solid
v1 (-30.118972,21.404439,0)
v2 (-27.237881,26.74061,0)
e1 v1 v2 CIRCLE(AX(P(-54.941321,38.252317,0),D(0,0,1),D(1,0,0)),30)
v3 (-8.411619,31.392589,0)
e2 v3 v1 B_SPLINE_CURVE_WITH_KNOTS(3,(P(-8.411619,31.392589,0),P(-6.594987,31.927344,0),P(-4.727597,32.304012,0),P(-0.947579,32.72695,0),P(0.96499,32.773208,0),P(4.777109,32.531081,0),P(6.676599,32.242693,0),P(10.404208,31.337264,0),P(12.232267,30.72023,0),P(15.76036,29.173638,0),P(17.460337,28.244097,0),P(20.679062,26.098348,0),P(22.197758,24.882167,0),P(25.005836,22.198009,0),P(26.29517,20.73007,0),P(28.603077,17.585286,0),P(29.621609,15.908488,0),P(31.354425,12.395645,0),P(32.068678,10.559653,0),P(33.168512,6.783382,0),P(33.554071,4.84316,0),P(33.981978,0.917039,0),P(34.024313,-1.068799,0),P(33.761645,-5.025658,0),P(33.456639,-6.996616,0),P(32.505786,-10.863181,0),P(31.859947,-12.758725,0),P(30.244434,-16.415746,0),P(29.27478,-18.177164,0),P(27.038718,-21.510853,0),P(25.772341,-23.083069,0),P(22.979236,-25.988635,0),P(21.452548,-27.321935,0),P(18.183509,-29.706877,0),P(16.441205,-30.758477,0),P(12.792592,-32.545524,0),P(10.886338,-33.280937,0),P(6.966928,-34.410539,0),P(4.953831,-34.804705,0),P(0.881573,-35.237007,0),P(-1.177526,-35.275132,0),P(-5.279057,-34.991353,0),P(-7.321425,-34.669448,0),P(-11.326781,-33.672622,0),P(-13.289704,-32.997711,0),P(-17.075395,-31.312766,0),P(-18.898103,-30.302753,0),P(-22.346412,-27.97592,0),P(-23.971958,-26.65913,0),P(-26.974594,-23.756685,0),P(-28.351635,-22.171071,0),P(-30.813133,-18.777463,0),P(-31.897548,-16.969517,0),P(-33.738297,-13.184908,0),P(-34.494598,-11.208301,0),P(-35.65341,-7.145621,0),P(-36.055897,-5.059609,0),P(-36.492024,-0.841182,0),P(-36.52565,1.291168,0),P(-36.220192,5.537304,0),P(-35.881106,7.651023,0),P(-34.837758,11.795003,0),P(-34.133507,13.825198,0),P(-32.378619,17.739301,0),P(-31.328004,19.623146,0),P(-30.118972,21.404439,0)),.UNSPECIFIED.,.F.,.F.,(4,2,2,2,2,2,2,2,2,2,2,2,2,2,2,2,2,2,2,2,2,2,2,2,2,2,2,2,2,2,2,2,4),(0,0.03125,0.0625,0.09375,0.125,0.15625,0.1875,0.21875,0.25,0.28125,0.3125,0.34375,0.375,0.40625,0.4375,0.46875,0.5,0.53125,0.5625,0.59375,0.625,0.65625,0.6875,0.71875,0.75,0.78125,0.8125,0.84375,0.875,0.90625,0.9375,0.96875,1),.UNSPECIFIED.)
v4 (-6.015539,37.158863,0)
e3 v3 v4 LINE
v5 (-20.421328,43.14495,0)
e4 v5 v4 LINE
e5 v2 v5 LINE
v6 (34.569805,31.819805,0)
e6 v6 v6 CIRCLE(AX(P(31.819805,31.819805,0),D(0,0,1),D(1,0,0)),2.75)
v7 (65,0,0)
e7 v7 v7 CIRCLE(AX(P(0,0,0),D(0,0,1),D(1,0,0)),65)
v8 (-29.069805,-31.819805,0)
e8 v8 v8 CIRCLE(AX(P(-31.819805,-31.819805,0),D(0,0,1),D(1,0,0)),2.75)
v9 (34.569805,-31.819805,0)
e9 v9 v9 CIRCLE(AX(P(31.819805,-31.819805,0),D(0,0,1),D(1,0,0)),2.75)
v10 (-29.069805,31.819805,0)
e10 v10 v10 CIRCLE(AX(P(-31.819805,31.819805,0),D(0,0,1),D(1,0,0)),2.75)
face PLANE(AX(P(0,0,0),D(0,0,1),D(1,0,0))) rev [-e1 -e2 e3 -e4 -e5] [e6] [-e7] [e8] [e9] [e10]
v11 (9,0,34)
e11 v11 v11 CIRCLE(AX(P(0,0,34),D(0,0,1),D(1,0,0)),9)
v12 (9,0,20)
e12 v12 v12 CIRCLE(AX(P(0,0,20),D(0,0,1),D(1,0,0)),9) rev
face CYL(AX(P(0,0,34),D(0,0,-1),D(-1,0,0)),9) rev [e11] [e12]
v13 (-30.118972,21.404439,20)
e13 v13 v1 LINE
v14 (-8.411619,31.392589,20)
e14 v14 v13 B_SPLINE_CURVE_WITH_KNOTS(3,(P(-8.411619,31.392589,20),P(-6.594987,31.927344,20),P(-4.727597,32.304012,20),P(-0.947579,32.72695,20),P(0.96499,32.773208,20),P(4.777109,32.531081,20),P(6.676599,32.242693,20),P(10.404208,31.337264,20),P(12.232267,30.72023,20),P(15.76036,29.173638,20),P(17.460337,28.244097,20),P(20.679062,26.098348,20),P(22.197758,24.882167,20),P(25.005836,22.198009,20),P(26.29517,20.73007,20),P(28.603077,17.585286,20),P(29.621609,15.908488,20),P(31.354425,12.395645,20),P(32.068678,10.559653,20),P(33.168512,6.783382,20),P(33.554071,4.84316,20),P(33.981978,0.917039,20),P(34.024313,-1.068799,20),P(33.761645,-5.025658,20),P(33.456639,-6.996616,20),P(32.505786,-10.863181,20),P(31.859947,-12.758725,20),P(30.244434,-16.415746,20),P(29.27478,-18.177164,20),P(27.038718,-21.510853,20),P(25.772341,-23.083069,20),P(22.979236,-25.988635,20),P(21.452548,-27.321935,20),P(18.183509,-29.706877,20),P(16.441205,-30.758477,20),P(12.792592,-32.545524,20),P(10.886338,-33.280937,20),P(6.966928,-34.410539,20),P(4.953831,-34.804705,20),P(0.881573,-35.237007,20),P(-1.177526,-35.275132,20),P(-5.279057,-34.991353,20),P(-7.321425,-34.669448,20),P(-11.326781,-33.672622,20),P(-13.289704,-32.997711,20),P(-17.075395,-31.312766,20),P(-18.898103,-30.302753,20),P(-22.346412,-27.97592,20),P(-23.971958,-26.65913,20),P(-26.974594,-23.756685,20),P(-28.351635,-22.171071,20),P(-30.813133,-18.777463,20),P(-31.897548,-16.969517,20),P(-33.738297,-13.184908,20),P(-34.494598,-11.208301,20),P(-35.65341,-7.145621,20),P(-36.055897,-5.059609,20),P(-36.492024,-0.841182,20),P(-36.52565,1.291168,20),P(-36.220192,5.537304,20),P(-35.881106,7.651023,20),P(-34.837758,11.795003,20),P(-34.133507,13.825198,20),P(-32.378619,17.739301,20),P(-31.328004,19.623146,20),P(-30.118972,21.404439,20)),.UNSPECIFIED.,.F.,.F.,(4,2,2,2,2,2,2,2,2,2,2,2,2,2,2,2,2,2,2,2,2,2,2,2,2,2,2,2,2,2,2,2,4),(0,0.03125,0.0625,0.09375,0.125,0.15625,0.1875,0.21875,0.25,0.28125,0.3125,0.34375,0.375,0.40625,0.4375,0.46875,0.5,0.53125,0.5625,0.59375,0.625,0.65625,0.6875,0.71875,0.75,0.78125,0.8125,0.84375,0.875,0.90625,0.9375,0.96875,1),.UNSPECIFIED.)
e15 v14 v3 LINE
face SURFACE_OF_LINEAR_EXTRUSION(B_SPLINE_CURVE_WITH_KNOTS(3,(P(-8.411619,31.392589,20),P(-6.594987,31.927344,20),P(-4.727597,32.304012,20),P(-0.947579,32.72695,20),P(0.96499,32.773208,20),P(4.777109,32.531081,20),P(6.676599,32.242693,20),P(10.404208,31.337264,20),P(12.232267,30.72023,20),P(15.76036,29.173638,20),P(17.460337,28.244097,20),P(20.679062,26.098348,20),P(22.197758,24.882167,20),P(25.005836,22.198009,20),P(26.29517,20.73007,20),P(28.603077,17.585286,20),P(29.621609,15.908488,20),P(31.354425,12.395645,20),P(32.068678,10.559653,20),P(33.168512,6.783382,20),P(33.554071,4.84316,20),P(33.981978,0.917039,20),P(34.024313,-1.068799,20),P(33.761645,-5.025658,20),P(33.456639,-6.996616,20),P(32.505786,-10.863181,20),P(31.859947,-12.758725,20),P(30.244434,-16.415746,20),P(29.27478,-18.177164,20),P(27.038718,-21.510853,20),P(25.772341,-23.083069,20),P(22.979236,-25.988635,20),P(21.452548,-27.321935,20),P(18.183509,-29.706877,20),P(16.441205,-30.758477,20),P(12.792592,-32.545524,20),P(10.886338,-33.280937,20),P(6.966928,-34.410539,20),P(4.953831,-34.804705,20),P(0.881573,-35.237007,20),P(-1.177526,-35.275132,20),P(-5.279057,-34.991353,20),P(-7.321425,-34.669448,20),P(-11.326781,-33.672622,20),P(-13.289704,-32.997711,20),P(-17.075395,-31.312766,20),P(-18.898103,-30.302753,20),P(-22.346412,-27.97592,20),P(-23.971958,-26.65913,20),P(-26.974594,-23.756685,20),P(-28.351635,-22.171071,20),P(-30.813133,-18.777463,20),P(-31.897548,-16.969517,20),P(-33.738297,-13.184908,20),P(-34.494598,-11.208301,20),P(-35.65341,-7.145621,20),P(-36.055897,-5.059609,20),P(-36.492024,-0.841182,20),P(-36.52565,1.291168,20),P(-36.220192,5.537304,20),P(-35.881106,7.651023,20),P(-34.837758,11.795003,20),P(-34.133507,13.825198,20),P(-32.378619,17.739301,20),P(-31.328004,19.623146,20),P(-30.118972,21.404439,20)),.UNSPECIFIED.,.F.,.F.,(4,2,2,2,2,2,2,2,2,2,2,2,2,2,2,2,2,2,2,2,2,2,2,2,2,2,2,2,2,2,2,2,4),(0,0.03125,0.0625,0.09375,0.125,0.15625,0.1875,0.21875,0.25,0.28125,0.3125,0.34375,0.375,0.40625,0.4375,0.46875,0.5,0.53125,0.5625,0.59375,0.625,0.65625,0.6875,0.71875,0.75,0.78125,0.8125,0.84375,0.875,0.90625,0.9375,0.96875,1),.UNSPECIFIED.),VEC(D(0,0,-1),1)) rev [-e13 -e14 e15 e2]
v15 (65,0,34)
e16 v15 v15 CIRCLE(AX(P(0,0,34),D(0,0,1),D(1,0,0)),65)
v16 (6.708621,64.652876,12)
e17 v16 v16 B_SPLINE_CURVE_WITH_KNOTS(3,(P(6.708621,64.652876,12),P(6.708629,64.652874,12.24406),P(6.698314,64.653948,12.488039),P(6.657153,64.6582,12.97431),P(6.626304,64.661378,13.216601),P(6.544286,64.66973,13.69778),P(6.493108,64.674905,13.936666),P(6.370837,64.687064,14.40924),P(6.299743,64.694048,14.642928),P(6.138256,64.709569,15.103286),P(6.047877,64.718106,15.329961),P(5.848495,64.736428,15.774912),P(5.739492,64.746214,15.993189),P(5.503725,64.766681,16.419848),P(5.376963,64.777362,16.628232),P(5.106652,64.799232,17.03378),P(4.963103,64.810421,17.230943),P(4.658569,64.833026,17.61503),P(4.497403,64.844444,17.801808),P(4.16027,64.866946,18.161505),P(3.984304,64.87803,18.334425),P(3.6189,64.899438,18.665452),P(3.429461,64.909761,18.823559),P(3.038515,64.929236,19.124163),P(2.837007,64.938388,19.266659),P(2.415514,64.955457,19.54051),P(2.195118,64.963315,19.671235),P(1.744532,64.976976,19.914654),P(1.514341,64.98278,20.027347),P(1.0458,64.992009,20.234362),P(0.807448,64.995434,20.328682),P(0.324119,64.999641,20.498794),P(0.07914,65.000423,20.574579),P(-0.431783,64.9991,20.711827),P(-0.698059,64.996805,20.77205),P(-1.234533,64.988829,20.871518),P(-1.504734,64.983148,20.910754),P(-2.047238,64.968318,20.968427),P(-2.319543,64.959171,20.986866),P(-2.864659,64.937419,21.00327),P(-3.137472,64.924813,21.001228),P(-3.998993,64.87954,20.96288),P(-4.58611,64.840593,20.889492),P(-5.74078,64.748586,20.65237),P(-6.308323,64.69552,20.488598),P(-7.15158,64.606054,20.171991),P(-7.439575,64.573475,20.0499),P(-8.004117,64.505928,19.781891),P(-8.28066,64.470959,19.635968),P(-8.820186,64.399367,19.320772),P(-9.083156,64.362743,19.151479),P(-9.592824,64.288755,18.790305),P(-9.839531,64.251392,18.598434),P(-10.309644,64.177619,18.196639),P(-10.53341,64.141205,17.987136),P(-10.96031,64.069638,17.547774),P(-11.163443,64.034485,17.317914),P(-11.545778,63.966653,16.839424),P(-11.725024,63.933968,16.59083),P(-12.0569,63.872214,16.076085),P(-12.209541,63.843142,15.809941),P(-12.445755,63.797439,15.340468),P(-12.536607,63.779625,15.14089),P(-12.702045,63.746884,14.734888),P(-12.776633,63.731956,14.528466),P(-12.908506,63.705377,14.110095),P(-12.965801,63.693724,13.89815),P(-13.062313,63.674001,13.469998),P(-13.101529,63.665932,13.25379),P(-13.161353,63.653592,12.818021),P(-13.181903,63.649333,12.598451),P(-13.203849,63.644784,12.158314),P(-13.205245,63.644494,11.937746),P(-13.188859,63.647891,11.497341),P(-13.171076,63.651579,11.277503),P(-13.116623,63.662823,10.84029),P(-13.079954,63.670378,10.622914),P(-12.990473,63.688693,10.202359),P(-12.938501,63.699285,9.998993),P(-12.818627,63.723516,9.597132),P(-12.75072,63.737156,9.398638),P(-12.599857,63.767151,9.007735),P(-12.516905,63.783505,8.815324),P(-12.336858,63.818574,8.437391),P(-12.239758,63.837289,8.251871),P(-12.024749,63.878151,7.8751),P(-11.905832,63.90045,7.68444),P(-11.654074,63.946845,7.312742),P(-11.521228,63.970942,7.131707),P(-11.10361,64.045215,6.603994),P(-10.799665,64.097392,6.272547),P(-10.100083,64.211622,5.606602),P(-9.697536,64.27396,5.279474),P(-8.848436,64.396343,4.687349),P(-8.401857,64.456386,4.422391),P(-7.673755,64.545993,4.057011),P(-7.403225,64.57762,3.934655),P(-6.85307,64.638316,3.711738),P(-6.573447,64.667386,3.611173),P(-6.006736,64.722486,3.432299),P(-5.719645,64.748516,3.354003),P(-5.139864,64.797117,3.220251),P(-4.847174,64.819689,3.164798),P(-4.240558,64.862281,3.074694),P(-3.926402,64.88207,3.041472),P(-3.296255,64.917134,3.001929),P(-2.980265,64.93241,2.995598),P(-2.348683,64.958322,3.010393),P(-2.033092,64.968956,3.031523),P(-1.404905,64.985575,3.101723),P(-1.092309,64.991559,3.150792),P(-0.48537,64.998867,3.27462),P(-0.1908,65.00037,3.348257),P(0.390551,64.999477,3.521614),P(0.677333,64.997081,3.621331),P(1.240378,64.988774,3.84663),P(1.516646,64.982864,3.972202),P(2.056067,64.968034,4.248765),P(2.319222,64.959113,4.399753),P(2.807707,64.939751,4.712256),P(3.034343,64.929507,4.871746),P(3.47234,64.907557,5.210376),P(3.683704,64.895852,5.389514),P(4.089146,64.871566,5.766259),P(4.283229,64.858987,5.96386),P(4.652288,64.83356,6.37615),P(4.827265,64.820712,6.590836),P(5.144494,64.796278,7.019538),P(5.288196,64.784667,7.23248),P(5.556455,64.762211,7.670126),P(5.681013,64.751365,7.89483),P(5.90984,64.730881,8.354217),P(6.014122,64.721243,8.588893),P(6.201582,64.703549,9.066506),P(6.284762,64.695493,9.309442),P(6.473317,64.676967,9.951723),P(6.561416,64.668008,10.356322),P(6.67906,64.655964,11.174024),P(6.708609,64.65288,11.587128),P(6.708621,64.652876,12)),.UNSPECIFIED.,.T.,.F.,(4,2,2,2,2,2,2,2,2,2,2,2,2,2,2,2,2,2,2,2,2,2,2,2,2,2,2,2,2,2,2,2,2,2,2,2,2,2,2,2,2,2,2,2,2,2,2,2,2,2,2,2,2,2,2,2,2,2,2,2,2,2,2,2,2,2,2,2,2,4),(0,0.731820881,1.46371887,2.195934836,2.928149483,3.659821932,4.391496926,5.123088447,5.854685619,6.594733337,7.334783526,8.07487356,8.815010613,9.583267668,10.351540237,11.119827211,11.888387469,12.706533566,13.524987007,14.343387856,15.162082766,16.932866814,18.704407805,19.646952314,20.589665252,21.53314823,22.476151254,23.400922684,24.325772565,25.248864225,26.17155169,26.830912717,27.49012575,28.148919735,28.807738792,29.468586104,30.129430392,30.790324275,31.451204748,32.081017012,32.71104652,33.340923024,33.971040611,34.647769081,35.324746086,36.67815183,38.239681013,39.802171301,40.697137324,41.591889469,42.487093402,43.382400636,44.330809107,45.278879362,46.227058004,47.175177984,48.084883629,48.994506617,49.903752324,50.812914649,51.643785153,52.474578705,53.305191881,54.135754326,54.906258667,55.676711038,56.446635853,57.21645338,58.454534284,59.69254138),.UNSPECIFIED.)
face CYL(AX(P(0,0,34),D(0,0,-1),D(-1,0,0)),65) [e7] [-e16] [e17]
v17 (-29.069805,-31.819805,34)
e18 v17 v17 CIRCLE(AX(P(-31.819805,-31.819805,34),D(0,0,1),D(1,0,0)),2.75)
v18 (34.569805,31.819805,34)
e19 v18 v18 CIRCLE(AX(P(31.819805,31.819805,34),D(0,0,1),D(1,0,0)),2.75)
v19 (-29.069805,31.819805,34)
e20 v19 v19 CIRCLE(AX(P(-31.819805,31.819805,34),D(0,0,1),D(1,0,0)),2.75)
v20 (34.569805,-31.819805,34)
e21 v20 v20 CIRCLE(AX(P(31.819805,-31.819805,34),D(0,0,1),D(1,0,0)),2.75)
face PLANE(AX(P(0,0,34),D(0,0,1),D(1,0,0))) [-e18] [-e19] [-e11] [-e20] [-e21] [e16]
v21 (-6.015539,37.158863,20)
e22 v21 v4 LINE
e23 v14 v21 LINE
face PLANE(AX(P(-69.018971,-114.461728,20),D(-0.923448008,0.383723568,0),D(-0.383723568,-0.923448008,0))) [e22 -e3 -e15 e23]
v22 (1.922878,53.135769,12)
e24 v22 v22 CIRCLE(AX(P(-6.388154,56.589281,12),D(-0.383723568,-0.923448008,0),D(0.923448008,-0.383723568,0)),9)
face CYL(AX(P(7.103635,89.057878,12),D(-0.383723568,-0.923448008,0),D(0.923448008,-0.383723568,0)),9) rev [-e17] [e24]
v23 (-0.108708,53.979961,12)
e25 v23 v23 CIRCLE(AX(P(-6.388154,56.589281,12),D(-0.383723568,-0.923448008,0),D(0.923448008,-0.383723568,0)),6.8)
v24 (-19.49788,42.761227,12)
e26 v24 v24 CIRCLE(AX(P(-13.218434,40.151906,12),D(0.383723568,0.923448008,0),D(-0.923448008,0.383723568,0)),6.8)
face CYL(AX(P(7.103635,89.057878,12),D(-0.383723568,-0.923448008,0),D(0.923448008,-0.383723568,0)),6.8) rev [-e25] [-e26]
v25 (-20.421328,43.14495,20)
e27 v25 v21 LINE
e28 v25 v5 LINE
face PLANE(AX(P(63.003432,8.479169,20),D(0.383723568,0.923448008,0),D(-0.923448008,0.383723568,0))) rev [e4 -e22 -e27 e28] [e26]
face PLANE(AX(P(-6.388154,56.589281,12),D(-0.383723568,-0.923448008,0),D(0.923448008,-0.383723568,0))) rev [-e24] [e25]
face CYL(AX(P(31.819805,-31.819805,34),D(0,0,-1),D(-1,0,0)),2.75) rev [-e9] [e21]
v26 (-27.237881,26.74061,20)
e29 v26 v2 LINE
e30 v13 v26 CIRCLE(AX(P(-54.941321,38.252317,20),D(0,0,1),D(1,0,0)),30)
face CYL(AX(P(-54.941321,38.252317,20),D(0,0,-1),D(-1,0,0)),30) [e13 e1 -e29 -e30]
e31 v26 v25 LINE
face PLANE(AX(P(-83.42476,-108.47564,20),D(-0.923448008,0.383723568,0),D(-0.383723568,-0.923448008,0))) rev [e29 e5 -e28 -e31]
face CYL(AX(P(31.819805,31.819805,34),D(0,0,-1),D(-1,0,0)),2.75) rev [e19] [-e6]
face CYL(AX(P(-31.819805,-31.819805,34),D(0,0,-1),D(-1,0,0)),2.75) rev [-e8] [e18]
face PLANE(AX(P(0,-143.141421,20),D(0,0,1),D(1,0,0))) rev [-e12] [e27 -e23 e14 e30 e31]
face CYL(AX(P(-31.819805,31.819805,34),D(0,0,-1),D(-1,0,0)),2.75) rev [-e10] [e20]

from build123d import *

# Parameters (mm, degrees)
SKETCH3_R          = 65
SKETCH3_R_2        = 2.75
EXTRUDE1_DEPTH     = 34
CUT_EXTRUDE2_DEPTH = 20
SKETCH22_R         = 6.8
CUT_EXTRUDE3_DEPTH = 53.960179098
SKETCH26_R         = 9
CUT_EXTRUDE4_DEPTH = 35.0000001
SKETCH27_R         = 9
CUT_EXTRUDE5_DEPTH = 36.160179098


with BuildPart() as part:
    # Sketch3 → Extrude1 (new body)
    with BuildSketch(Plane.XY):
        Circle(SKETCH3_R)
        with Locations((31.819805153, -31.819805153)):
            Circle(SKETCH3_R_2, mode=Mode.SUBTRACT)
        with Locations((-31.819805153, -31.819805153)):
            Circle(SKETCH3_R_2, mode=Mode.SUBTRACT)
        with Locations((31.819805153, 31.819805153)):
            Circle(SKETCH3_R_2, mode=Mode.SUBTRACT)
        with Locations((-31.819805153, 31.819805153)):
            Circle(SKETCH3_R_2, mode=Mode.SUBTRACT)
    extrude(amount=EXTRUDE1_DEPTH)

    # Sketch3_6 → Cut-Extrude2 (cut)
    with BuildSketch(Plane.XY):
        with BuildLine():
            Line((-20.421328258, 43.144950309), (-27.237880936, 26.740610009))
            ThreePointArc((-27.237880936, 26.740610009), (-28.54324707, 23.999538948), (-30.118972052, 21.404439318))
            add(Edge.make_bspline(
                [(-8.411618966, 31.392589354), (-6.594986557, 31.927343906), (-4.727596656, 32.304011663), (-0.947579394, 32.726950043), (0.964989801, 32.773208373), (4.777108777, 32.531081057), (6.676598891, 32.242693441), (10.404207822, 31.337263886), (12.232267294, 30.720230446), (15.760360448, 29.173637758), (17.460336939, 28.244097303), (20.679062247, 26.098347596), (22.197757805, 24.882166939), (25.005835643, 22.198009273), (26.295170268, 20.730069861), (28.60307704, 17.585286262), (29.621608652, 15.90848759), (31.354425209, 12.395644964), (32.068678043, 10.559653108), (33.168512452, 6.783381836), (33.554071399, 4.84315955), (33.981977998, 0.91703866), (34.024313279, -1.068799499), (33.761644813, -5.025657895), (33.456639413, -6.996616206), (32.505786005, -10.863180522), (31.859947203, -12.758725015), (30.244434466, -16.415746217), (29.274780398, -18.177163724), (27.038718465, -21.510852538), (25.772340603, -23.083068793), (22.979235835, -25.988634722), (21.452548225, -27.321935222), (18.18350905, -29.706877352), (16.441204938, -30.758477245), (12.792592203, -32.545523582), (10.886337796, -33.28093707), (6.966927518, -34.410539179), (4.95383101, -34.804704707), (0.881572969, -35.237007362), (-1.17752584, -35.275132047), (-5.279057127, -34.991353155), (-7.321425423, -34.669448256), (-11.326780574, -33.672621975), (-13.289703752, -32.997710517), (-17.075395447, -31.312765708), (-18.898102754, -30.302753307), (-22.346412369, -27.975919739), (-23.971957836, -26.659129989), (-26.974594454, -23.756685335), (-28.351634915, -22.171071432), (-30.813133029, -18.777462502), (-31.89754775, -16.969516871), (-33.738297145, -13.184908034), (-34.494598024, -11.208301165), (-35.653409825, -7.145620969), (-36.055897198, -5.05960924), (-36.492023631, -0.841182208), (-36.525650191, 1.29116809), (-36.220191785, 5.537304064), (-35.881105833, 7.651023301), (-34.837758132, 11.795003117), (-34.13350703, 13.825197856), (-32.378618873, 17.739300975), (-31.328003859, 19.623146143), (-30.118972052, 21.404439318)],
                knots=[0, 0, 0, 0, 0.03125, 0.03125, 0.0625, 0.0625, 0.09375, 0.09375, 0.125, 0.125, 0.15625, 0.15625, 0.1875, 0.1875, 0.21875, 0.21875, 0.25, 0.25, 0.28125, 0.28125, 0.3125, 0.3125, 0.34375, 0.34375, 0.375, 0.375, 0.40625, 0.40625, 0.4375, 0.4375, 0.46875, 0.46875, 0.5, 0.5, 0.53125, 0.53125, 0.5625, 0.5625, 0.59375, 0.59375, 0.625, 0.625, 0.65625, 0.65625, 0.6875, 0.6875, 0.71875, 0.71875, 0.75, 0.75, 0.78125, 0.78125, 0.8125, 0.8125, 0.84375, 0.84375, 0.875, 0.875, 0.90625, 0.90625, 0.9375, 0.9375, 0.96875, 0.96875, 1, 1, 1, 1], degree=3))
            Line((-8.411618966, 31.392589354), (-6.015539335, 37.158862647))
            Line((-6.015539335, 37.158862647), (-20.421328258, 43.144950309))
        make_face()
    extrude(amount=CUT_EXTRUDE2_DEPTH, mode=Mode.SUBTRACT)

    # Sketch22 → Cut-Extrude3 (cut, through all)
    with BuildSketch(Plane(origin=(12.281446339, 29.555852442, 0), x_dir=(-0.923448008, 0.383723568, 0), z_dir=(0.383723568, 0.923448008, 0))):
        with Locations(Location((27.613769175, 12, 0), (0, 0, 180))):  # turned: the seam where the file's is
            Circle(SKETCH22_R)
    extrude(amount=CUT_EXTRUDE3_DEPTH, mode=Mode.SUBTRACT)

    # Sketch26 → Cut-Extrude4 (cut, through all)
    with BuildSketch(Plane.XY):
        Circle(SKETCH26_R)
    extrude(amount=CUT_EXTRUDE4_DEPTH, mode=Mode.SUBTRACT)

    # Sketch27 → Cut-Extrude5 (cut, through all)
    with BuildSketch(Plane(origin=(19.11172585, 45.993226983, 0), x_dir=(0.923448008, -0.383723568, 0), z_dir=(-0.383723568, -0.923448008, 0))):
        with Locations((-27.613769175, 12)):
            Circle(SKETCH27_R)
    extrude(amount=-CUT_EXTRUDE5_DEPTH, mode=Mode.SUBTRACT)


solid = part.part
